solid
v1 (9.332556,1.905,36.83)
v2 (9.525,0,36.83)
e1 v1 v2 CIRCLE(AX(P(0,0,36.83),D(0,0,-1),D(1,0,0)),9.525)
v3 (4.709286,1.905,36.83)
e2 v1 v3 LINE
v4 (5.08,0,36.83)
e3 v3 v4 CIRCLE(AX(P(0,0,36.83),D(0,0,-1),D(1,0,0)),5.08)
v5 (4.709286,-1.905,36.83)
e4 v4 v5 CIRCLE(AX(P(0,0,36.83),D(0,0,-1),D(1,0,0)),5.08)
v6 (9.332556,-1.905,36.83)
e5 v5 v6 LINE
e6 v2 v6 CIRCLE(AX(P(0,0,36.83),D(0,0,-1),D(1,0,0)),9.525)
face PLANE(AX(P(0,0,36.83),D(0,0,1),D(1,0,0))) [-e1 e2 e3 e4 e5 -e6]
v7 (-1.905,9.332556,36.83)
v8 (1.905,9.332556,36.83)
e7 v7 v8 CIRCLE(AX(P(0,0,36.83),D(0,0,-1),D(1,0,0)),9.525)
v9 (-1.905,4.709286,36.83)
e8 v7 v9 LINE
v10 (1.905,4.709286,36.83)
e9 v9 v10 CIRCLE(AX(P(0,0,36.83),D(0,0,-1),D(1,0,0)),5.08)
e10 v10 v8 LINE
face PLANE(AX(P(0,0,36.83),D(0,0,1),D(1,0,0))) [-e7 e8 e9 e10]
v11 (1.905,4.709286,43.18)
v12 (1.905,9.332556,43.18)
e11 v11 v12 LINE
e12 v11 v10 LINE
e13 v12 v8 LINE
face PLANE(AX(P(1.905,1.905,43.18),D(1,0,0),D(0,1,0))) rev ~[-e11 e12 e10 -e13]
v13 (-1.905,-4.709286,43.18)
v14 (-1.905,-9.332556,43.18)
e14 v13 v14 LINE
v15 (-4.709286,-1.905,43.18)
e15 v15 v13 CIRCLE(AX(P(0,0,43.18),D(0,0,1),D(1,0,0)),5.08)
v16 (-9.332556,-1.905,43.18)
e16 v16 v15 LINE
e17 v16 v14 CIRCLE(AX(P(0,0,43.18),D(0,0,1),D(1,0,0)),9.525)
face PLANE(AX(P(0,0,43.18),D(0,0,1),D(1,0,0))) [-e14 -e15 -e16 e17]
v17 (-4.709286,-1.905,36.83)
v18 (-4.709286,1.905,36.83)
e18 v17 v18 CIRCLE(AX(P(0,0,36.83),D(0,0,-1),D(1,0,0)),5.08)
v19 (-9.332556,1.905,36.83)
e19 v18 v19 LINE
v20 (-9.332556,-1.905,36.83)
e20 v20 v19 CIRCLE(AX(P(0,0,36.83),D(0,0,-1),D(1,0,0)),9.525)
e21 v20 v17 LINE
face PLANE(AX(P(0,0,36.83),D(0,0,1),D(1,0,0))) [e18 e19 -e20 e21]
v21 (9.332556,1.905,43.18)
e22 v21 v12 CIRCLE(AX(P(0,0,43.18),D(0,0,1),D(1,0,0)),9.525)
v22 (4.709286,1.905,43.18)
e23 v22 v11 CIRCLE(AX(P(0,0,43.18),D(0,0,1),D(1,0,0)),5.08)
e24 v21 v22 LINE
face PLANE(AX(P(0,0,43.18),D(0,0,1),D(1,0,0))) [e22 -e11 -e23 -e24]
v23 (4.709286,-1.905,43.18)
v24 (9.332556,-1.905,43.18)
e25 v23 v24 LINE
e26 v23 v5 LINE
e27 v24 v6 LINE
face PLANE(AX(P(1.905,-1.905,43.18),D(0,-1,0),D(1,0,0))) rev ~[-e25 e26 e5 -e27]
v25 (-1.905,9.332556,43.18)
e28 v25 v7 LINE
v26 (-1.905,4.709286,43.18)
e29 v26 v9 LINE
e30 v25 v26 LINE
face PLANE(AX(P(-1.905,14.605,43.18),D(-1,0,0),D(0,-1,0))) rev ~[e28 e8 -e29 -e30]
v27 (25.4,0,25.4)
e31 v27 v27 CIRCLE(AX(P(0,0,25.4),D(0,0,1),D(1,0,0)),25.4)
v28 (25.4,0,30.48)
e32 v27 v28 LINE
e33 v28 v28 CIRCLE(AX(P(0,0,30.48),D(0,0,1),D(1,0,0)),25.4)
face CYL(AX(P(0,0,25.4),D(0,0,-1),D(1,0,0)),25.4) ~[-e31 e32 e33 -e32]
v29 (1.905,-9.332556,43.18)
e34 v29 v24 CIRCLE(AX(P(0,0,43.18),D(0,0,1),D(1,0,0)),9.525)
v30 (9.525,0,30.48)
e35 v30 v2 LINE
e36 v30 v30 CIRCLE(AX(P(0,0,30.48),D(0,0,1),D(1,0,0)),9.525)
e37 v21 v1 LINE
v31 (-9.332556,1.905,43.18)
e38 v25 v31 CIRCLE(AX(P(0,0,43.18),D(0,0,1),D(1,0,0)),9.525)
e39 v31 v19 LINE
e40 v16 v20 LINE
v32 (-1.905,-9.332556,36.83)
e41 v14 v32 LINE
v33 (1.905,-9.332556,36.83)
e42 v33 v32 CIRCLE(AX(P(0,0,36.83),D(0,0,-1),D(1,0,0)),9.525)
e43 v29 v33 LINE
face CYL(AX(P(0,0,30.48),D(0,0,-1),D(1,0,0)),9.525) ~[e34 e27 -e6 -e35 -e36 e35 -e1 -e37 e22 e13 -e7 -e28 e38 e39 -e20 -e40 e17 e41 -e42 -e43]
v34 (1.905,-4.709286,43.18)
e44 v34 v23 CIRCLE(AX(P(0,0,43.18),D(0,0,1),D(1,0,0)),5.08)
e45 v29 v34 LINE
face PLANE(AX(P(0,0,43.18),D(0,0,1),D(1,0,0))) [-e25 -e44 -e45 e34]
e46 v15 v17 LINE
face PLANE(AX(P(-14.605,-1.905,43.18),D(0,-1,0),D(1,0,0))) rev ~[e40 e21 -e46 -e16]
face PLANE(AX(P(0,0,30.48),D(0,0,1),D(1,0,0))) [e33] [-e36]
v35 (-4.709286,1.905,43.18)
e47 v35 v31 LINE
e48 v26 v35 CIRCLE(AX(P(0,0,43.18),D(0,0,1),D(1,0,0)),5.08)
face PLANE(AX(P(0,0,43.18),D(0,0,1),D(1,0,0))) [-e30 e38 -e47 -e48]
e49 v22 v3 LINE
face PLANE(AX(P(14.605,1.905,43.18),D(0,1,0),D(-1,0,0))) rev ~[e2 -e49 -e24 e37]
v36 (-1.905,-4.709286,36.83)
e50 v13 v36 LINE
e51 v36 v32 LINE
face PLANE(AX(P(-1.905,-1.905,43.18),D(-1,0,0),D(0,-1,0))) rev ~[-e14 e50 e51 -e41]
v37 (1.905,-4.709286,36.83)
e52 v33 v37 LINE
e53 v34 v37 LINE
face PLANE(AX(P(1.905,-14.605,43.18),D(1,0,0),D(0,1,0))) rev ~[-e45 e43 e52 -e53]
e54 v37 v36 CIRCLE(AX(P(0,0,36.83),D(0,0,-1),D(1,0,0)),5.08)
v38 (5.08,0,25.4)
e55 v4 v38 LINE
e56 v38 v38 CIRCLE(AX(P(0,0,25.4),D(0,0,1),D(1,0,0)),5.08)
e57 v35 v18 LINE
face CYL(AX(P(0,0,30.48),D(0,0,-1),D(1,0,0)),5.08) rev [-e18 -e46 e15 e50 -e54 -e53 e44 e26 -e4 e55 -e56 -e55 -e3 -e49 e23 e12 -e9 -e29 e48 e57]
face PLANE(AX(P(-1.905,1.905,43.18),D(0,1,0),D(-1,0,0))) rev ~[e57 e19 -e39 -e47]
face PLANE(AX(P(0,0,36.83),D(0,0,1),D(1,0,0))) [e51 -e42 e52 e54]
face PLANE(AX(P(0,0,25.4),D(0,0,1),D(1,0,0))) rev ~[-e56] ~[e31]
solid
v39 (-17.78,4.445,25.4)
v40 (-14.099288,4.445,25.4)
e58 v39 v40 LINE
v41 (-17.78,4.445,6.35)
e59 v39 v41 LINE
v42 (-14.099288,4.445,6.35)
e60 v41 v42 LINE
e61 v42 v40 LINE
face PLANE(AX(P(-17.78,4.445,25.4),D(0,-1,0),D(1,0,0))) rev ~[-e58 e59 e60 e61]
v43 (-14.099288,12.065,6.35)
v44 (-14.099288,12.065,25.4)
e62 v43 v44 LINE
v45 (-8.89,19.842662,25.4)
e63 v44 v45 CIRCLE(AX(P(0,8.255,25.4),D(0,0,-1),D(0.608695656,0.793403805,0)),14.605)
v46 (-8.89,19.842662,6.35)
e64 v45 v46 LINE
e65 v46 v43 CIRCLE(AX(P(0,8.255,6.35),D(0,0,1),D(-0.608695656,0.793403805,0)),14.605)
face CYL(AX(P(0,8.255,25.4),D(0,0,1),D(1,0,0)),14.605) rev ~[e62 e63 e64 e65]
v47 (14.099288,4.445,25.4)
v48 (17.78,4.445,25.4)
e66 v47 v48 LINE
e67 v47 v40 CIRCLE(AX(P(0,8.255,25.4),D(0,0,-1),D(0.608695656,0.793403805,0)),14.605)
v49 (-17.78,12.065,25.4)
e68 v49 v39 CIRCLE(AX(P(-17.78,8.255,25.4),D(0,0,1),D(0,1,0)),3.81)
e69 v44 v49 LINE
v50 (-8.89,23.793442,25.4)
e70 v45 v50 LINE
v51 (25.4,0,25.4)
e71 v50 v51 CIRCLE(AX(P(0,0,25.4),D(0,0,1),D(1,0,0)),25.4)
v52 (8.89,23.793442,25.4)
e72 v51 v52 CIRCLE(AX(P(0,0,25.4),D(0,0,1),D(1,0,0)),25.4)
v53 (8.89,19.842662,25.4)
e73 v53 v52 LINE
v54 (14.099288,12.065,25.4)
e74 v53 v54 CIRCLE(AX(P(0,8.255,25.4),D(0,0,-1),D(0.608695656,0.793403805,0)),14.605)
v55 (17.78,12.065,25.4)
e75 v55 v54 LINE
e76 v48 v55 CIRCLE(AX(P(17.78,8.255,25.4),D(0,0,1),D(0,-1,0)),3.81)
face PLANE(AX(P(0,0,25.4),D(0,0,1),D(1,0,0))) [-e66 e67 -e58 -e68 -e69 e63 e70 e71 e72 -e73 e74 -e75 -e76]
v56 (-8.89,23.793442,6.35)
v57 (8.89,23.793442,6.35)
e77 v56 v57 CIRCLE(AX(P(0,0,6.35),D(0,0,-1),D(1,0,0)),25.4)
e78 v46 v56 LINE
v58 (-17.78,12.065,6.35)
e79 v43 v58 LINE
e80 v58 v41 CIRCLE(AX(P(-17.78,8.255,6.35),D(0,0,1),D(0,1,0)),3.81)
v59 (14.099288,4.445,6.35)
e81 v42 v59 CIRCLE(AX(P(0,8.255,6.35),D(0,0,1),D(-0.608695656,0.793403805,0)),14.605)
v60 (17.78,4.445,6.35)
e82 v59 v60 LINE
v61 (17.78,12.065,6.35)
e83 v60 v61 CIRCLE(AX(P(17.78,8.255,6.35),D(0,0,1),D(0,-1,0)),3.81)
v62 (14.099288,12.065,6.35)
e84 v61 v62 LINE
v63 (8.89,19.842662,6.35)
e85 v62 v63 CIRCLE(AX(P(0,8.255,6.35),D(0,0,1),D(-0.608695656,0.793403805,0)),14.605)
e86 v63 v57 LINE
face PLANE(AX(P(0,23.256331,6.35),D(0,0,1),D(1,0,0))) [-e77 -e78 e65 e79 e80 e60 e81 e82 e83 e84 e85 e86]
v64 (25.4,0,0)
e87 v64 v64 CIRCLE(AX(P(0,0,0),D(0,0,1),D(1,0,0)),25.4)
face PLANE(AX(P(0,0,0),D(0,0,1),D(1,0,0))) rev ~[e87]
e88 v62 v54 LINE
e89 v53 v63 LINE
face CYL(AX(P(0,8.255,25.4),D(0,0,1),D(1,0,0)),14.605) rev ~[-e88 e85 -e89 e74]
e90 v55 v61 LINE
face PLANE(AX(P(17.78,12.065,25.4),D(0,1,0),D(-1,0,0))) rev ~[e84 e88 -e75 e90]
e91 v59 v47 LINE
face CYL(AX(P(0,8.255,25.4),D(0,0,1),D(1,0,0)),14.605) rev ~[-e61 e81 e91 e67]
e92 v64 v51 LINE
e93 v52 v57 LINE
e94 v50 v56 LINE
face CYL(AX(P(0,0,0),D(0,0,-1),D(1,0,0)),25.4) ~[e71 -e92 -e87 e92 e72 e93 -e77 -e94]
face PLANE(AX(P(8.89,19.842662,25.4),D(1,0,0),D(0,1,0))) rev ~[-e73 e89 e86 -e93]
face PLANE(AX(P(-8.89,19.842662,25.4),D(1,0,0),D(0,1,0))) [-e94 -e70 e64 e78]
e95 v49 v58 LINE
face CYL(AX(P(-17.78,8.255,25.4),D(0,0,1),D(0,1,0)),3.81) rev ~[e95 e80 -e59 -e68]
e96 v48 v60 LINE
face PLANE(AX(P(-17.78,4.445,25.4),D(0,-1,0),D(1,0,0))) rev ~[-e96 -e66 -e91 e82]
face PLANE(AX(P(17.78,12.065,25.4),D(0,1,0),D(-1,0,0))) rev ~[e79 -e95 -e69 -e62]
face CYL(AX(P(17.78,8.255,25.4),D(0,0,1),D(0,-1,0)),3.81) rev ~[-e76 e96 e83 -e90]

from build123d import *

# Parameters (mm, degrees)
F0_R      = 25.4
F1_DEPTH  = 25.4
F2_R      = 14.605
F3_DEPTH  = 19.05
F4_W      = 7.62
F4_H      = 3.81
F5_DEPTH  = 25.401
F7_W      = 17.78
F7_H      = 6.827337
F8_DEPTH  = 19.05
F10_DEPTH = 19.05
F11_R     = 25.4
F11_R_2   = 5.08
F12_DEPTH = 5.08
F13_R     = 9.525
F13_R_2   = 5.08
F14_DEPTH = 12.7
F16_DEPTH = 6.35


with BuildPart() as f1:
    # F0 (on Top) → F1 (new body)
    with BuildSketch(Plane.XY):
        Circle(F0_R)
    extrude(amount=F1_DEPTH)

    # F2 (on face) → F3 (cut)
    with BuildSketch(Plane.XY.offset(25.4)):
        with Locations((0, 8.255)):
            Circle(F2_R)
    extrude(amount=-F3_DEPTH, mode=Mode.SUBTRACT)

    # F4 (on Front) → F5 (cut, through all)
    with BuildSketch(Plane.XZ):
        with Locations((0, 23.495)):
            Rectangle(F4_W, F4_H)
    extrude(amount=-F5_DEPTH, mode=Mode.SUBTRACT)

    # F7 (on face) → F8 (cut, through all)
    with BuildSketch(Plane.XY.offset(25.4)):
        with Locations((0, 23.256331)):
            Rectangle(F7_W, F7_H)
    extrude(amount=-F8_DEPTH, mode=Mode.SUBTRACT)

    # F9 (on face) → F10 (cut, through all)
    with BuildSketch(Plane.XY.offset(25.4)):
        with BuildLine():
            Line((17.78, 12.065), (-17.78, 12.065))
            ThreePointArc((-17.78, 12.065), (-21.59, 8.255), (-17.78, 4.445))
            Line((-17.78, 4.445), (17.78, 4.445))
            ThreePointArc((17.78, 4.445), (21.59, 8.255), (17.78, 12.065))
        make_face()
    extrude(amount=-F10_DEPTH, mode=Mode.SUBTRACT)


with BuildPart() as f12:
    # F11 (on face) → F12 (new body)
    with BuildSketch(Plane.XY.offset(25.4)):
        Circle(F11_R)
        Circle(F11_R_2, mode=Mode.SUBTRACT)
    extrude(amount=F12_DEPTH)

    # F13 (on face) → F14 (join)
    with BuildSketch(Plane.XY.offset(30.48)):
        Circle(F13_R)
        Circle(F13_R_2, mode=Mode.SUBTRACT)
    extrude(amount=F14_DEPTH)

    # F15 (on face) → F16 (cut)
    with BuildSketch(Plane.XY.offset(43.18)):
        Polygon((1.905, 14.605), (-1.905, 14.605), (-1.905, 1.905), (-14.605, 1.905), (-14.605, -1.905), (-1.905, -1.905), (-1.905, -14.605), (1.905, -14.605), (1.905, -1.905), (14.605, -1.905), (14.605, 1.905), (1.905, 1.905), align=None)
    extrude(amount=-F16_DEPTH, mode=Mode.SUBTRACT)


solid = Compound([f1.part, f12.part])
